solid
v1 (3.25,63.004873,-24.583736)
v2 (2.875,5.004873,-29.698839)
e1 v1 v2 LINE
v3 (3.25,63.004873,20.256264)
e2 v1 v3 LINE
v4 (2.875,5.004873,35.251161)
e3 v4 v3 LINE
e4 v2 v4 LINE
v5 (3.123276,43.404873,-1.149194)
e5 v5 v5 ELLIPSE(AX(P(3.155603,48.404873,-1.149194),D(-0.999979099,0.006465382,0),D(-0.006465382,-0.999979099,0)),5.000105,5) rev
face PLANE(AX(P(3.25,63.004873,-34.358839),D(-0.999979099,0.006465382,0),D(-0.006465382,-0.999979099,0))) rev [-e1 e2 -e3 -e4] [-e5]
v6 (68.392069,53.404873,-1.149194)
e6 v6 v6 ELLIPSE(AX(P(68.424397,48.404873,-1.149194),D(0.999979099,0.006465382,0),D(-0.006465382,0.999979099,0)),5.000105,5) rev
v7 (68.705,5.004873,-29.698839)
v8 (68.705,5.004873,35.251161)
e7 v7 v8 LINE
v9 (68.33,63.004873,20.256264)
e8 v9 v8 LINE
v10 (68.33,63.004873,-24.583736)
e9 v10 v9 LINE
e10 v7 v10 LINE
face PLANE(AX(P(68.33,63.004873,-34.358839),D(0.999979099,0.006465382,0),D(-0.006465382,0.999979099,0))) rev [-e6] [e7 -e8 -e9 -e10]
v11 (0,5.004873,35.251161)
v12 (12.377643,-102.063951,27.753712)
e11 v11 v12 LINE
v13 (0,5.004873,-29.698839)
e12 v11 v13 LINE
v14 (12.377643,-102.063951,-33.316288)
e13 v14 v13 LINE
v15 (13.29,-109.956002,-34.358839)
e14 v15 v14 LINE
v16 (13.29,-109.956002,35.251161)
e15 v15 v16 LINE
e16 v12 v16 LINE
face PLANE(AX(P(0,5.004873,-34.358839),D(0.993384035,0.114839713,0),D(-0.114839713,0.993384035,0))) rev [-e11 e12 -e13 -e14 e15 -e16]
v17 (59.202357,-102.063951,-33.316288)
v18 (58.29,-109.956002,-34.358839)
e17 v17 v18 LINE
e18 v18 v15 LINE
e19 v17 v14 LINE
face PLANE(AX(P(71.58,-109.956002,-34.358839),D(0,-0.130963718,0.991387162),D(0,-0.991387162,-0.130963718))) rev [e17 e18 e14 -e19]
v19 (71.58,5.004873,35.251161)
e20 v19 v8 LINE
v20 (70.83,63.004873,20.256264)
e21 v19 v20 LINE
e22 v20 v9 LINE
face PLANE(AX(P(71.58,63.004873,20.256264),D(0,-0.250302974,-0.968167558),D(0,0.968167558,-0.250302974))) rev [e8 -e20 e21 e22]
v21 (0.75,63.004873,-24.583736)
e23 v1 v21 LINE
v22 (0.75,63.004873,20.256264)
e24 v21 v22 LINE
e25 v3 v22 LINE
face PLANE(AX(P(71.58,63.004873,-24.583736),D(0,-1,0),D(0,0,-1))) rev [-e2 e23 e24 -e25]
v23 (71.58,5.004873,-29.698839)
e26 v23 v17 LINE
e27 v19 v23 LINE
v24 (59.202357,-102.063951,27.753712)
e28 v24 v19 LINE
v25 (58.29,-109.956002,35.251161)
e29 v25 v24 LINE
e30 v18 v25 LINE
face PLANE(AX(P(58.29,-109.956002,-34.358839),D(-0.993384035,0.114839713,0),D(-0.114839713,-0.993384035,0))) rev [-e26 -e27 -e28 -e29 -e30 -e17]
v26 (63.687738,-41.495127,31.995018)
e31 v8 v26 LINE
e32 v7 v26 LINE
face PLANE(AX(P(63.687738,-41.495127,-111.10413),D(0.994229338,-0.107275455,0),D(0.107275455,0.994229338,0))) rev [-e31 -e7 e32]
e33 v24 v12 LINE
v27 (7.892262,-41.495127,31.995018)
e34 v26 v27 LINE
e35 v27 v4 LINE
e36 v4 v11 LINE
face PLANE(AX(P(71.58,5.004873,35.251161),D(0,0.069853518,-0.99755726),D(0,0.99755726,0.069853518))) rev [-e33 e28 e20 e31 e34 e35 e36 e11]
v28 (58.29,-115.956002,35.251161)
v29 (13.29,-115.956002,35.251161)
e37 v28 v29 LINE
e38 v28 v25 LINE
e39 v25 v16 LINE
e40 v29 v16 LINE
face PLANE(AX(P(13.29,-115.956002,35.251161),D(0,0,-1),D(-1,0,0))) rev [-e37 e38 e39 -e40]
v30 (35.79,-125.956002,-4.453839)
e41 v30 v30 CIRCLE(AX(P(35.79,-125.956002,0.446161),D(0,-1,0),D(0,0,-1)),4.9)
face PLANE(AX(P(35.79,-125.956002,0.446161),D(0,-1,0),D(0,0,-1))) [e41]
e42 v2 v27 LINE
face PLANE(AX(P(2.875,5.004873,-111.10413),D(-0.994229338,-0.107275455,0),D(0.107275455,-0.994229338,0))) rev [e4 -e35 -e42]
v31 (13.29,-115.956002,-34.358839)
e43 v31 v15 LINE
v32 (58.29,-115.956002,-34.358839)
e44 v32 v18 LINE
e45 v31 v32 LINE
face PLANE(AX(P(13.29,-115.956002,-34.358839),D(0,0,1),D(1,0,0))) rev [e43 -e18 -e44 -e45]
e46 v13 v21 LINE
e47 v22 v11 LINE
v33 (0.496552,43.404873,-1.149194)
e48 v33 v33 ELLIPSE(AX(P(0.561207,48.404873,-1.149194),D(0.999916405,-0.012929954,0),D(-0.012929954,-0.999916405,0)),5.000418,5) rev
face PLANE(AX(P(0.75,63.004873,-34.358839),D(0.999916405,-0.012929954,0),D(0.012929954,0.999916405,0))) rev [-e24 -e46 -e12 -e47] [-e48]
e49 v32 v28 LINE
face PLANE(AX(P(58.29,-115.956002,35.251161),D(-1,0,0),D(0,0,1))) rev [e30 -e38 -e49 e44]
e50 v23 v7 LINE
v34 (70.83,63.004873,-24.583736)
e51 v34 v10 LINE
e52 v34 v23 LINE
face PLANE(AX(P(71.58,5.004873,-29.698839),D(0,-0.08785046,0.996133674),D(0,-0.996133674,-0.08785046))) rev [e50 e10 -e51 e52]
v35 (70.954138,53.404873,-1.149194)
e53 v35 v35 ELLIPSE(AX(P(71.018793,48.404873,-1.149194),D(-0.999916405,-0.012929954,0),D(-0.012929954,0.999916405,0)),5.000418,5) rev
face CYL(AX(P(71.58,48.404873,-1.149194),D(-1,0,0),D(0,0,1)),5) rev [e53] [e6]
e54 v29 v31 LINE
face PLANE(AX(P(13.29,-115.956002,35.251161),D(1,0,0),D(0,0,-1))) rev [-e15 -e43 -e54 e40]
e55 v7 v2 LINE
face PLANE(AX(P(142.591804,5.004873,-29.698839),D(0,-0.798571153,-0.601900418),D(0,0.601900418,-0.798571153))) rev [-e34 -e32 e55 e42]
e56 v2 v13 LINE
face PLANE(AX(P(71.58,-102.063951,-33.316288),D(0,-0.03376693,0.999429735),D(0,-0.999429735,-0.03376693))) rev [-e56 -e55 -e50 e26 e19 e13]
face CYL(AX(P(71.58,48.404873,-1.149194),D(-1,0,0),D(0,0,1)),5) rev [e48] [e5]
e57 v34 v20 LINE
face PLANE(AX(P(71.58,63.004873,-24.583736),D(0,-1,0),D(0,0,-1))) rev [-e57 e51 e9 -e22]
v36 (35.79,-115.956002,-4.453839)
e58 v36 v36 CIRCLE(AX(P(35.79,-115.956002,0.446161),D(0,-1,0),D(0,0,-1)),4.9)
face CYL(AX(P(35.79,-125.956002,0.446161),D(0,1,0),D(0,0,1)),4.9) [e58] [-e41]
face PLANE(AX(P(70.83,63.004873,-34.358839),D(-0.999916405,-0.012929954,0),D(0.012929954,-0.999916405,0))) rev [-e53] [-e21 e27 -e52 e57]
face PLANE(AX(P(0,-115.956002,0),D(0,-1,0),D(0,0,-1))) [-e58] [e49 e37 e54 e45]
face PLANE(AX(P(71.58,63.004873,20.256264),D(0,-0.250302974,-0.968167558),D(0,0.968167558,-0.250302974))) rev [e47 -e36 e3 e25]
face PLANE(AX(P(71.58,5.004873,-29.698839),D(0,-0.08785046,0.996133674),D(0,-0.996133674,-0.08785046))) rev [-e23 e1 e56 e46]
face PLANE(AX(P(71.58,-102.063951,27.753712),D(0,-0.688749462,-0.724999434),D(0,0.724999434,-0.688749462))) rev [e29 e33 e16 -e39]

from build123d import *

# Parameters (mm, degrees)
BOSS_EXTRUDE1_DEPTH             = 71.58
CUT_EXTRUDE2_DEPTH              = 136.85530183
CUT_EXTRUDE2_DEPTH_BACK         = 136.85530183
CUT_EXTRUDE3_DEPTH              = 136.85530183
CUT_EXTRUDE3_DEPTH_BACK         = 136.85530183
CUT_EXTRUDE4_DEPTH              = 136.85530183
CUT_EXTRUDE4_DEPTH_BACK         = 136.85530183
SKETCH16_R                      = 5
CUT_EXTRUDE11_DEPTH             = 136.85530183
SKETCH17_W                      = 45
SKETCH17_H                      = 69.61
BOSS_EXTRUDE2_DEPTH             = 6
SKETCH18_R                      = 4.9
BOSS_EXTRUDE3_DEPTH             = 10
CUT_EXTRUDE12_REACH             = 151.101
CUT_EXTRUDE12_DIRECTION_2_REACH = 151.101
BOSS_EXTRUDE4_REACH             = 150.692


with BuildPart() as part:
    # Sketch2 → Boss-Extrude1 (new body)
    with BuildSketch(Plane(origin=(0, 0, 0), x_dir=(0, 0, -1), z_dir=(1, 0, 0))):
        Polygon((-35.251160643, -109.956001694), (34.358839357, -109.956001694), (33.316287702, -102.063950804), (29.698839357, 5.004872941), (24.583736048, 63.004872941), (-20.256263952, 63.004872941), (-35.251160643, 5.004872941), (-27.753712298, -102.063950804), align=None)
    extrude(amount=BOSS_EXTRUDE1_DEPTH)

    # Sketch4 → Cut-Extrude2 (cut, two sides: drawn at the far end of the back side and taken through both)
    with BuildSketch(Plane.XY.offset(-CUT_EXTRUDE2_DEPTH_BACK)):
        Polygon((58.29, -109.956001694), (71.58, 5.004872941), (71.58, -109.956001694), align=None)
        Polygon((0, 5.004872941), (13.29, -109.956001694), (0, -109.956001694), align=None)
    extrude(amount=CUT_EXTRUDE2_DEPTH + CUT_EXTRUDE2_DEPTH_BACK, mode=Mode.SUBTRACT)

    # Sketch5 → Cut-Extrude3 (cut, two sides: drawn at the far end of the back side and taken through both)
    with BuildSketch(Plane.XY.offset(-CUT_EXTRUDE3_DEPTH_BACK)):
        Polygon((0, 5.004872941), (0, 63.004872941), (0.75, 63.004872941), align=None)
        Polygon((71.58, 63.004872941), (70.83, 63.004872941), (71.58, 5.004872941), align=None)
    extrude(amount=CUT_EXTRUDE3_DEPTH + CUT_EXTRUDE3_DEPTH_BACK, mode=Mode.SUBTRACT)

    # Sketch9 → Cut-Extrude4 (cut, two sides: drawn at the far end of the back side and taken through both)
    with BuildSketch(Plane.XY.offset(-CUT_EXTRUDE4_DEPTH_BACK)):
        Polygon((3.25, 63.004872941), (68.33, 63.004872941), (68.705, 5.004872941), (2.875, 5.004872941), align=None)
    extrude(amount=CUT_EXTRUDE4_DEPTH + CUT_EXTRUDE4_DEPTH_BACK, mode=Mode.SUBTRACT)

    # Sketch16 → Cut-Extrude11 (cut, through all)
    with BuildSketch(Plane(origin=(0, 0, 0), x_dir=(0, 0, -1), z_dir=(1, 0, 0))):
        with Locations(Location((1.149194348, 48.404872941, 0), (0, 0, 90))):
            Circle(SKETCH16_R)
    extrude(amount=CUT_EXTRUDE11_DEPTH, mode=Mode.SUBTRACT)

    # Sketch17 → Boss-Extrude2 (add)
    with BuildSketch(Plane.XZ.offset(109.956001694)):
        with Locations((35.79, 0.446160643)):
            Rectangle(SKETCH17_W, SKETCH17_H)
    extrude(amount=BOSS_EXTRUDE2_DEPTH)

    # Sketch18 → Boss-Extrude3 (add)
    with BuildSketch(Plane.XZ.offset(115.956001694)):
        with Locations(Location((35.79, 0.446160643, 0), (0, 0, 270))):
            Circle(SKETCH18_R)
    extrude(amount=BOSS_EXTRUDE3_DEPTH)

    # Cut-Extrude12: up to this plane
    cut_extrude12_end = Plane(origin=(71.58, -102.063950804, -33.316287702), z_dir=(0, -0.03376692966076465, 0.999429734629346))
    # Sketch19 → Cut-Extrude12 (cut, up to the surface)
    with BuildSketch(Plane.XY, mode=Mode.PRIVATE) as cut_extrude12_sk1:
        Polygon((2.875, 5.004872941), (7.892261572, -41.495127059), (63.687738428, -41.495127059), (68.705, 5.004872941), align=None)
    cut_extrude12_tool1 = split(extrude(cut_extrude12_sk1.sketch, amount=-CUT_EXTRUDE12_REACH, mode=Mode.PRIVATE), bisect_by=cut_extrude12_end, keep=Keep.BOTH, mode=Mode.PRIVATE)
    add(cut_extrude12_tool1.solids().sort_by_distance((35.79, -17.605725, 0))[0], mode=Mode.SUBTRACT)

    # Cut-Extrude12 direction 2: up to this plane
    cut_extrude12_direction_2_end = Plane(origin=(71.58, 5.004872941, 35.251160643), z_dir=(0, 0.06985351817200207, -0.9975572595089436))
    # Sketch19 → Cut-Extrude12 direction 2 (cut, up to the surface)
    with BuildSketch(Plane.XY, mode=Mode.PRIVATE) as cut_extrude12_direction_2_sk1:
        Polygon((2.875, 5.004872941), (7.892261572, -41.495127059), (63.687738428, -41.495127059), (68.705, 5.004872941), align=None)
    cut_extrude12_direction_2_tool1 = split(extrude(cut_extrude12_direction_2_sk1.sketch, amount=CUT_EXTRUDE12_DIRECTION_2_REACH, mode=Mode.PRIVATE), bisect_by=cut_extrude12_direction_2_end, keep=Keep.BOTH, mode=Mode.PRIVATE)
    add(cut_extrude12_direction_2_tool1.solids().sort_by_distance((35.79, -17.605725, 0))[0], mode=Mode.SUBTRACT)

    # Boss-Extrude4: up to this plane
    boss_extrude4_end = Plane(origin=(63.687738428, -41.495127059, -111.104129622), z_dir=(0.9942293381213047, -0.10727545487609211, 0))
    # Sketch20 → Boss-Extrude4 (add, up to the surface)
    with BuildSketch(Plane(origin=(3.375716186, 0.364233357, 0), x_dir=(0, 0, -1), z_dir=(0.9942293381213048, 0.10727545487609252, 0)), mode=Mode.PRIVATE) as boss_extrude4_sk1:
        Polygon((29.698839357, 4.667574579), (-31.995018137, -42.102318661), (31.269897506, -42.102318661), align=None)
    boss_extrude4_tool1 = split(extrude(boss_extrude4_sk1.sketch, amount=BOSS_EXTRUDE4_REACH, dir=(1, 0, 0), mode=Mode.PRIVATE), bisect_by=boss_extrude4_end, keep=Keep.BOTH, mode=Mode.PRIVATE)
    add(boss_extrude4_tool1.solids().sort_by_distance((6.219841, -25.995127, -9.657906))[0])


solid = part.part
